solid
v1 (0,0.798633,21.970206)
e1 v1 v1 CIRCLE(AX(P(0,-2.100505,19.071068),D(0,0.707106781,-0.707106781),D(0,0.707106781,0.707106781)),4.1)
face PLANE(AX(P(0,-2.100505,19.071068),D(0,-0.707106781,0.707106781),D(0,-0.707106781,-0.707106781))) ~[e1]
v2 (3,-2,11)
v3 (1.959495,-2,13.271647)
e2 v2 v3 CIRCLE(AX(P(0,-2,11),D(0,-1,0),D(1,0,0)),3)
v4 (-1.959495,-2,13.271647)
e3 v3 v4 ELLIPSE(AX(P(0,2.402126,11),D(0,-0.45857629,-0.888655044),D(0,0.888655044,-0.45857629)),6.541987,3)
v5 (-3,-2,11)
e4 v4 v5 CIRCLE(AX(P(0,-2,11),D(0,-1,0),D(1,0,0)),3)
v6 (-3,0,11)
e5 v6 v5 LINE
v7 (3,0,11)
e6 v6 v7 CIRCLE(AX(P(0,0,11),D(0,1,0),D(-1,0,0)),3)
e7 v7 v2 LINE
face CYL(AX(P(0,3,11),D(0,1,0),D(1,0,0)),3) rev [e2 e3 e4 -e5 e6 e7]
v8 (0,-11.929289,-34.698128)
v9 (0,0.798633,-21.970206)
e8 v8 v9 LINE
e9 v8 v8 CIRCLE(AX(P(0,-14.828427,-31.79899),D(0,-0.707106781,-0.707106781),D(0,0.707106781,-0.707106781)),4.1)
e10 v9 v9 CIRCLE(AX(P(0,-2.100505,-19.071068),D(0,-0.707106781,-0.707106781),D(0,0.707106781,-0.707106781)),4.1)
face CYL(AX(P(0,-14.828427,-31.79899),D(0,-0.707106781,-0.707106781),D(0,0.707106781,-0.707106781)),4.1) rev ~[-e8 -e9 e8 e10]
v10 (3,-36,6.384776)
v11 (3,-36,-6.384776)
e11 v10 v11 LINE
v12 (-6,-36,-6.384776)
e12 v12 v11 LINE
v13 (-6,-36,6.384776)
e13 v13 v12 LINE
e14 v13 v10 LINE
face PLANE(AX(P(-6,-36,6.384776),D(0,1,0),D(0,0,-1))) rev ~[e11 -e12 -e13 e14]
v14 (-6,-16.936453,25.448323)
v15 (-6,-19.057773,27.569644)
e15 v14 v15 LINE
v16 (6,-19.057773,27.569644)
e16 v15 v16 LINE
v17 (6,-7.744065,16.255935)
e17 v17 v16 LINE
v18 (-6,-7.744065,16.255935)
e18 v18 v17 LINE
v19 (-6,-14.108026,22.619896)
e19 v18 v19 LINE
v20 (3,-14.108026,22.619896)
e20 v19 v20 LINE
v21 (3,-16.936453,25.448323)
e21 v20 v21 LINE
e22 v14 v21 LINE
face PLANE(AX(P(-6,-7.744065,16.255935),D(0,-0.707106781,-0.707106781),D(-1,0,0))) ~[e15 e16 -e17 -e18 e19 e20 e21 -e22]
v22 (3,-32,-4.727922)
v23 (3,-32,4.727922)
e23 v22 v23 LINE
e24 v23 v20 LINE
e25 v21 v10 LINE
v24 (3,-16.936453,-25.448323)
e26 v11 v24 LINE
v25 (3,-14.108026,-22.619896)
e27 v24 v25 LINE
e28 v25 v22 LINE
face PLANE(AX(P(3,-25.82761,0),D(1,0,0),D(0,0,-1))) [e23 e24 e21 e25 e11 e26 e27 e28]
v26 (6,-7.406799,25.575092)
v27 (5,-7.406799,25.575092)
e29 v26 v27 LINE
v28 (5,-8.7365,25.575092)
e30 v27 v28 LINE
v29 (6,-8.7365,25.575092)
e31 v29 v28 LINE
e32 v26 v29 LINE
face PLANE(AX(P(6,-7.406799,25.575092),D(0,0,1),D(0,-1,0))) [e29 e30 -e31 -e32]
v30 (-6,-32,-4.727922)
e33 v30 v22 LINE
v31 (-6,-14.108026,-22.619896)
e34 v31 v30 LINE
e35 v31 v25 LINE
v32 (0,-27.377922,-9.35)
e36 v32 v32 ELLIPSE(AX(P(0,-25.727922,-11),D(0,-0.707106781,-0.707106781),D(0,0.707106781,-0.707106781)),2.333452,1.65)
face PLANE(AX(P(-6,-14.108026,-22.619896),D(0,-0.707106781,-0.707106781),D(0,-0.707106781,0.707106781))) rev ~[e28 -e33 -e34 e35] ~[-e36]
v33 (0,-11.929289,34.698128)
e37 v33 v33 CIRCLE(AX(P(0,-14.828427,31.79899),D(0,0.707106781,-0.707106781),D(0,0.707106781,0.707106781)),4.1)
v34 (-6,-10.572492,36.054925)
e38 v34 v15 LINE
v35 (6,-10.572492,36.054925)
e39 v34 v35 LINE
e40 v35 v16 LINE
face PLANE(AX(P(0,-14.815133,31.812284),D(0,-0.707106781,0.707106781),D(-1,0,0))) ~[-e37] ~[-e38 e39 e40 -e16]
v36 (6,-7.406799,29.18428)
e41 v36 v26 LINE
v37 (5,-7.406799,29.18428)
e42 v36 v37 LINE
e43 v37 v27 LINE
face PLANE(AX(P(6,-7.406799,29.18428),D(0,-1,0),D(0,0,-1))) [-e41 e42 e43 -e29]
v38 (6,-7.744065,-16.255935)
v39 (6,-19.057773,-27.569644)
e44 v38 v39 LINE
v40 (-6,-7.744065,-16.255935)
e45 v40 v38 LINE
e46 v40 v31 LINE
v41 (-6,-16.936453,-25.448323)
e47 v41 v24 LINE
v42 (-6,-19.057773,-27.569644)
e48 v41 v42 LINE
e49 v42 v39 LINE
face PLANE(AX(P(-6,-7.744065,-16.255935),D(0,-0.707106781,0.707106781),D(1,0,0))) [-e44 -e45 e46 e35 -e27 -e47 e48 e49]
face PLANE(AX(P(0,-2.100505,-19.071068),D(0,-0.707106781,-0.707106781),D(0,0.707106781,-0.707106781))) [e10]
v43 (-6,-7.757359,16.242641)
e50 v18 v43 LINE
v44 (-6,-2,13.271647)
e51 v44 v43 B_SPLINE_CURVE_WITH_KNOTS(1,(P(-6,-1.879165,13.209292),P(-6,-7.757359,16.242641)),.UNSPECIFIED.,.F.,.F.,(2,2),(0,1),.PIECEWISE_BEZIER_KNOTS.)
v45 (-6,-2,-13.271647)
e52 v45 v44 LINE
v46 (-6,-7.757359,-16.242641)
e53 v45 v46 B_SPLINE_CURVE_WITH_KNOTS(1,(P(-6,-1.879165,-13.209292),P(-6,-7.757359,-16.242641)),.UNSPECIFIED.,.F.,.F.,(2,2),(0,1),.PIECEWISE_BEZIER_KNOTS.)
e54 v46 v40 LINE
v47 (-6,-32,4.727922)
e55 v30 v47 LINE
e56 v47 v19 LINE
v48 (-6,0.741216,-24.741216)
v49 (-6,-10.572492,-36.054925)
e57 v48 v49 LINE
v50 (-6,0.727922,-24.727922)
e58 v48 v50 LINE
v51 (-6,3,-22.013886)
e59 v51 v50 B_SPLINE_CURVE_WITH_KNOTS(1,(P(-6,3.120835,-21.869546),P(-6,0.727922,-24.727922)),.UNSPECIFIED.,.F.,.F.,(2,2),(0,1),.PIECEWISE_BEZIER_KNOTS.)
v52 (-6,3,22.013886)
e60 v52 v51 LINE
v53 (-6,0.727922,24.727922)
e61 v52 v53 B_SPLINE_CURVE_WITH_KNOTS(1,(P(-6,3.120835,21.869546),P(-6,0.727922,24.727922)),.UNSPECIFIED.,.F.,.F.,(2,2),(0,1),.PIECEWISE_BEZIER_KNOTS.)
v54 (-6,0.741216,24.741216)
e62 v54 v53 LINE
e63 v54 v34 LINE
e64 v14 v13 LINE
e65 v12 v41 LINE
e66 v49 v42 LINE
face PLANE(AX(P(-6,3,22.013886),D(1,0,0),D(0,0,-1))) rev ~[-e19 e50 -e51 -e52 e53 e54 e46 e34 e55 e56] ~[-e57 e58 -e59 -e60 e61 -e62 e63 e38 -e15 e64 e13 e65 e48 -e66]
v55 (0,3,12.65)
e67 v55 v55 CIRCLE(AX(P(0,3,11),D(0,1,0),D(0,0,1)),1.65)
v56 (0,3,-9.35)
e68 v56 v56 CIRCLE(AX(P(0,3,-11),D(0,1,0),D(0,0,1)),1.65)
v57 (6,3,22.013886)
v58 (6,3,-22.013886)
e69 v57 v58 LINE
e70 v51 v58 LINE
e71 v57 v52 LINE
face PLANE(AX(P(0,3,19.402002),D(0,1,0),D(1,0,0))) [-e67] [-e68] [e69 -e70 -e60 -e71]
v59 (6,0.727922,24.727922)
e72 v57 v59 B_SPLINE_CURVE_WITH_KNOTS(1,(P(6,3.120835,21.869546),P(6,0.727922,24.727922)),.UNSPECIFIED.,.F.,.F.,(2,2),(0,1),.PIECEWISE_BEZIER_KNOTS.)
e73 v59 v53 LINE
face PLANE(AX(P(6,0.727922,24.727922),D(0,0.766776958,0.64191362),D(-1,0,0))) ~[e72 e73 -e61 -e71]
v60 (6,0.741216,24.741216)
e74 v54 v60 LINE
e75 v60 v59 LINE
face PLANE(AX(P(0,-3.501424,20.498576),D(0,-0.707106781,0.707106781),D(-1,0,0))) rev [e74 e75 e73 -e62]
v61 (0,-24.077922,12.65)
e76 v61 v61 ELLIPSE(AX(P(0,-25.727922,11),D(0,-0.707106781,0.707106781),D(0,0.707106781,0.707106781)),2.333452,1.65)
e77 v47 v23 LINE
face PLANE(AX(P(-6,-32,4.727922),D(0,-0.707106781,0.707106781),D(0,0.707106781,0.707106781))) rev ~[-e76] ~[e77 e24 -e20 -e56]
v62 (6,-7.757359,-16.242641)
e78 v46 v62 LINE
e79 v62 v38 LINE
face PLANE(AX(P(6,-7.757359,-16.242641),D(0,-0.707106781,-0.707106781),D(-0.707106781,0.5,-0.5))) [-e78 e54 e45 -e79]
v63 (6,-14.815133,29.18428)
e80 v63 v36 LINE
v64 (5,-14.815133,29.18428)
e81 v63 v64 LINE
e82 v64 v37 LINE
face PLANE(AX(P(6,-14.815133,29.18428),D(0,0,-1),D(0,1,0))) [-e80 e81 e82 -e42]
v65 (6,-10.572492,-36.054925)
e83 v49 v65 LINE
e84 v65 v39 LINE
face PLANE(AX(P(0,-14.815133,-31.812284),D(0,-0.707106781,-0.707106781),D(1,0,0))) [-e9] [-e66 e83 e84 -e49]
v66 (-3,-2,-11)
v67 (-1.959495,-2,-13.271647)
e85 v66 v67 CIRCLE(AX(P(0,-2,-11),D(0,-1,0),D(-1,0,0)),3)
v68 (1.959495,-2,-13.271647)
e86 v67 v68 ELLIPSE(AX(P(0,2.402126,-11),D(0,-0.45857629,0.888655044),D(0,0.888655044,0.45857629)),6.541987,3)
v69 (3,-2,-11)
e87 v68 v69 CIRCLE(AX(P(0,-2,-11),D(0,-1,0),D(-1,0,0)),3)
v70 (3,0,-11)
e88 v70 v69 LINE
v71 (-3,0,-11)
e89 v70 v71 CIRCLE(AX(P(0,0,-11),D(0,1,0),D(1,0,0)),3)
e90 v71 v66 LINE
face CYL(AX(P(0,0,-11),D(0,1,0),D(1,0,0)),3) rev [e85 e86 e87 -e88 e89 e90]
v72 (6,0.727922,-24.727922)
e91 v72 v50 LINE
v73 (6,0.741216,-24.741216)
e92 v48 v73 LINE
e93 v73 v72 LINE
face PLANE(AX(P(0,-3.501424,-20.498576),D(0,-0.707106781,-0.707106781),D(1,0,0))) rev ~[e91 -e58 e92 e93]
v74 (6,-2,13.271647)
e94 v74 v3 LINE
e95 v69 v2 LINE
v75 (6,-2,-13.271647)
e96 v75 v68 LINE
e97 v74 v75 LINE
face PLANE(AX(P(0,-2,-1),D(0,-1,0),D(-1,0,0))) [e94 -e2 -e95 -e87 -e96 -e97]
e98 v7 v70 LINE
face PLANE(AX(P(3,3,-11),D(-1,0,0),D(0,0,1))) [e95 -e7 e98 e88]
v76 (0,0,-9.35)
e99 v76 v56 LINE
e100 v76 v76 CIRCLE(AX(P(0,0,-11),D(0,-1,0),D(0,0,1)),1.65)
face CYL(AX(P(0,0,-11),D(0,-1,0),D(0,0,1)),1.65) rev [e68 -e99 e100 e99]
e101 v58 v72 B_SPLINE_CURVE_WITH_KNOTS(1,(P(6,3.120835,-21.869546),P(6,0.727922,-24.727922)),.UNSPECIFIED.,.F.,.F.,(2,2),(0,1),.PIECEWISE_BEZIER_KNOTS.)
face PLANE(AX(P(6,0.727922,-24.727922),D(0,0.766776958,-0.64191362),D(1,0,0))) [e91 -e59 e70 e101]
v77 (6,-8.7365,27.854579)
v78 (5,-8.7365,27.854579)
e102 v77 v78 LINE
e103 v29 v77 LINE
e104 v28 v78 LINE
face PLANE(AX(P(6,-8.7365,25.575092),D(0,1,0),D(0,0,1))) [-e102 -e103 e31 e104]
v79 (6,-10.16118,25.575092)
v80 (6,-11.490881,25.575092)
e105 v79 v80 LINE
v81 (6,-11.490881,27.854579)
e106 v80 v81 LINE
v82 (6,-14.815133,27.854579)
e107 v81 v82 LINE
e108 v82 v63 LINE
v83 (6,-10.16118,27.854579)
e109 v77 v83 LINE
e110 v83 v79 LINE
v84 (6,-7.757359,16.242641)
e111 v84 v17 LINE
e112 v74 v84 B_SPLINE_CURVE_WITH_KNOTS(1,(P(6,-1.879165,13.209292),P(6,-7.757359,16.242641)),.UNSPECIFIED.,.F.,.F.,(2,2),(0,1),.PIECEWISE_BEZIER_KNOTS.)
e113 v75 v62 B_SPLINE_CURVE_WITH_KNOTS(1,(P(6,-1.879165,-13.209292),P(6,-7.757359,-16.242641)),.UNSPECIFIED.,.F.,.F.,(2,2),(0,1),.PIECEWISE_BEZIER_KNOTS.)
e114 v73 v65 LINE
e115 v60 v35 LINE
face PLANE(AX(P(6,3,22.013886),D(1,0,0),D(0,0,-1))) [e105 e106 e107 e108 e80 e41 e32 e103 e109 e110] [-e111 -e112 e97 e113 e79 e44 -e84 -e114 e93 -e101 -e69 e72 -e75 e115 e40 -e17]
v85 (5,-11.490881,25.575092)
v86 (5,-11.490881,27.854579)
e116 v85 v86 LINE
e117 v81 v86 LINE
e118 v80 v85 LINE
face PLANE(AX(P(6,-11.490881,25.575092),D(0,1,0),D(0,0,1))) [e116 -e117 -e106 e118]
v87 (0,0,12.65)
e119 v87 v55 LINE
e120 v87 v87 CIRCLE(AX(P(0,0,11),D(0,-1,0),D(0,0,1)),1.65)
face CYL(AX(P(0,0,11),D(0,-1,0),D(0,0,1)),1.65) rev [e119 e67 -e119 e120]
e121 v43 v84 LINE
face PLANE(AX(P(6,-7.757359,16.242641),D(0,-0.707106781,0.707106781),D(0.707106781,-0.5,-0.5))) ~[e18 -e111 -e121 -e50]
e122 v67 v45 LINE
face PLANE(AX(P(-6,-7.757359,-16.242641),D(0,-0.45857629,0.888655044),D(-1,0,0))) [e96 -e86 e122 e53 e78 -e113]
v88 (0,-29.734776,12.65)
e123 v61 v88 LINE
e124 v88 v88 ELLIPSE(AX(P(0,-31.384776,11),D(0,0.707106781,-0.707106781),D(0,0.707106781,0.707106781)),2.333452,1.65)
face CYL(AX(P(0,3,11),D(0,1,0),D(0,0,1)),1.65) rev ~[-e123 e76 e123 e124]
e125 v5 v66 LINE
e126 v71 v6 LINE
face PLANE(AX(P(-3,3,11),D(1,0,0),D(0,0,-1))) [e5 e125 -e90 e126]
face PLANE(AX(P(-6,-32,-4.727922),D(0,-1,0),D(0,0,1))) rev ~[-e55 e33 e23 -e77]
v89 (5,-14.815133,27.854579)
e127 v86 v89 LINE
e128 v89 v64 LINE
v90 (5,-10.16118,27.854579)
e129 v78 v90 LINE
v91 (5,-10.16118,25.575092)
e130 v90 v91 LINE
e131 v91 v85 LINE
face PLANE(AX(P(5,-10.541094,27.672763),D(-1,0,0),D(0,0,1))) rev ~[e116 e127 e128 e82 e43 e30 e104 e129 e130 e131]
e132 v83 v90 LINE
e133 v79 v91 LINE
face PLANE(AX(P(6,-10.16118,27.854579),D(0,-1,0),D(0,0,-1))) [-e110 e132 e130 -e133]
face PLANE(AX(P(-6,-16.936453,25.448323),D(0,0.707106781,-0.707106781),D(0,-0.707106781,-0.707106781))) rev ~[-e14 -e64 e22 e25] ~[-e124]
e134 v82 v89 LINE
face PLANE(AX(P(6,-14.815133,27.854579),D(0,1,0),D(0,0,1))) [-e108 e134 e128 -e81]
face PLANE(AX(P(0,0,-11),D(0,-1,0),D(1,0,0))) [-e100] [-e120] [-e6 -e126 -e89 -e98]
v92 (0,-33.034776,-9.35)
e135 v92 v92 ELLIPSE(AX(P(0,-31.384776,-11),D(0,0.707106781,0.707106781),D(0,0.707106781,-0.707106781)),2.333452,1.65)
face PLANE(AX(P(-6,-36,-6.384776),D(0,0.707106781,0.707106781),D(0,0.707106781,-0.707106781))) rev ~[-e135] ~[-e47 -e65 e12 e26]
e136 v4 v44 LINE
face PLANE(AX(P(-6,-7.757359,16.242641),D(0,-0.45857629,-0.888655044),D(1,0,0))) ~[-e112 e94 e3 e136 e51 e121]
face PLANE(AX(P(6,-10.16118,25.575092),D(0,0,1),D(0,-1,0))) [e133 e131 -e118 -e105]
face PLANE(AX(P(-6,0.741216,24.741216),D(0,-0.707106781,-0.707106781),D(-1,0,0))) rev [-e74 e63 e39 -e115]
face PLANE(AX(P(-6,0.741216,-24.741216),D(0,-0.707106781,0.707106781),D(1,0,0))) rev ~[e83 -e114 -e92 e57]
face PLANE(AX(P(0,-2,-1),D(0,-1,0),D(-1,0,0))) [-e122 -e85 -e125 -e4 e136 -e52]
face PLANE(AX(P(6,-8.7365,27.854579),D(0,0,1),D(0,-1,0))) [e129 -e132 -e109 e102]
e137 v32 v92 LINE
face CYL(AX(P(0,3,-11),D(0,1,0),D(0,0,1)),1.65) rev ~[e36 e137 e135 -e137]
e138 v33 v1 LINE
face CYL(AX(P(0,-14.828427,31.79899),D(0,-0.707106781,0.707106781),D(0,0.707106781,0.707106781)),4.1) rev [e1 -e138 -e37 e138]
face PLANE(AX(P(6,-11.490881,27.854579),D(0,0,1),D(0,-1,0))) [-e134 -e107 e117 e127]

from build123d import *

# Parameters (mm, degrees)
SZKIC2_R                         = 1.65
DODANIE_WYCI_GNI_CIE1_DEPTH      = 3
DODANIE_WYCI_GNI_CIE2_DEPTH      = 5
DODANIE_WYCI_GNI_CIE3_REACH      = 30.62
DODANIE_WYCI_GNI_CIE3_START      = -1
SZKIC7_R                         = 5
SZKIC9_W                         = 12
SZKIC9_H                         = 12
DODANIE_WYCI_GNI_CIE4_DEPTH      = 16
SZKIC10_R                        = 4.1
WYTNIJ_WYCI_GNI_CIE1_DEPTH       = 18
SZKIC12_R                        = 37.17284924
WYTNIJ_WYCI_GNI_CIE2_DEPTH       = 43.690783477
SZKIC13_R                        = 3
WYTNIJ_WYCI_GNI_CIE3_DEPTH       = 42.220824259
SZKIC14_R                        = 1.65
WYTNIJ_WYCI_GNI_CIE4_DEPTH       = 42.220824259
DODANIE_WYCI_GNI_CIE5_DEPTH      = 3
DODANIE_WYCI_GNI_CIE5_DEPTH_BACK = 6
DODANIE_WYCI_GNI_CIE6_REACH      = 55.451
SZKIC16_W                        = 12
SZKIC16_H                        = 5.223766812
SZKIC17_R                        = 1.65
WYTNIJ_WYCI_GNI_CIE5_DEPTH       = 54.450515696
WYTNIJ_WYCI_GNI_CIE6_DEPTH       = 1


with BuildPart() as part:
    # Szkic2 → Dodanie-wyciągnięcie1 (new body)
    with BuildSketch(Plane(origin=(0, 0, 0), x_dir=(1, 0, 0), z_dir=(0, 1, 0))):
        with BuildLine():
            Line((4, 11), (4, -11))
            ThreePointArc((4, -11), (0, -15), (-4, -11))
            Line((-4, -11), (-4, 11))
            ThreePointArc((-4, 11), (0, 15), (4, 11))
        make_face()
        with Locations(Location((0, -11, 0), (0, 0, 270))):
            Circle(SZKIC2_R, mode=Mode.SUBTRACT)
        with Locations(Location((0, 11, 0), (0, 0, 270))):
            Circle(SZKIC2_R, mode=Mode.SUBTRACT)
    extrude(amount=DODANIE_WYCI_GNI_CIE1_DEPTH)

    # Szkic3 → Dodanie-wyciągnięcie2 (add)
    with BuildSketch(Plane(origin=(0, 3, 0), x_dir=(1, 0, 0), z_dir=(0, 1, 0))):
        Polygon((6, 16), (6, -14), (6, -20), (-6, -20), (-6, -14), (-6, 16), (-6, 22), (6, 22), align=None)
        with BuildLine():
            Line((3, 11), (3, -11))
            ThreePointArc((3, -11), (0, -14), (-3, -11))
            Line((-3, -11), (-3, 11))
            ThreePointArc((-3, 11), (0, 14), (3, 11))
        make_face(mode=Mode.SUBTRACT)
    extrude(amount=-DODANIE_WYCI_GNI_CIE2_DEPTH)

    # Dodanie-wyciągnięcie3: up to this face of the body (flat: up to its plane)
    dodanie_wyci_gni_cie3_end = Plane(part.part.faces().sort_by_distance((0, 0, 0))[0])
    # Szkic7 → Dodanie-wyciągnięcie3 (add, up to the picked face)
    with BuildSketch(Plane(origin=(0, -7.995190528, -4.616025404), x_dir=(1, 0, 0), z_dir=(0, -0.866025403784438, -0.500000000000001)).offset(DODANIE_WYCI_GNI_CIE3_START), mode=Mode.PRIVATE) as dodanie_wyci_gni_cie3_sk1:
        with Locations((0, -15.5)):
            Circle(SZKIC7_R)
    dodanie_wyci_gni_cie3_tool1 = split(extrude(dodanie_wyci_gni_cie3_sk1.sketch, amount=-DODANIE_WYCI_GNI_CIE3_REACH, mode=Mode.PRIVATE), bisect_by=dodanie_wyci_gni_cie3_end, keep=Keep.BOTH, mode=Mode.PRIVATE)
    dodanie_wyci_gni_cie3 = dodanie_wyci_gni_cie3_tool1.solids().sort_by(Axis((0, 0.620835, -17.539419), (0, 0.866025403784438, 0.500000000000001)))[0]
    add(dodanie_wyci_gni_cie3)

    # Szkic8 → Wyciągnięcie po profilach1 section 0
    with BuildSketch(Plane(origin=(0, -7.129165125, -4.116025404), x_dir=(-1, 0, 0), z_dir=(0, 0.8660254037844382, 0.5000000000000011))):
        with BuildLine():
            Line((-6, -20.5), (-6, -10.5))
            Line((-6, -10.5), (6, -10.5))
            Line((6, -10.5), (6, -20.5))
            Line((6, -20.5), (-6, -20.5))
        make_face()
    # Szkic5 → Wyciągnięcie po profilach1 section 1
    with BuildSketch(Plane(origin=(0, -12, -12), x_dir=(1, 0, 0), z_dir=(0, 0.7071067811865464, 0.7071067811865488))):
        with BuildLine():
            Line((-6, 18), (-6, 6))
            Line((-6, 6), (6, 6))
            Line((6, 6), (6, 18))
            Line((6, 18), (-6, 18))
        make_face()
    wyci_gni_cie_po_profilach1 = loft()

    # Szkic9 → Dodanie-wyciągnięcie4 (add)
    with BuildSketch(Plane(origin=(0, -12, -12), x_dir=(1, 0, 0), z_dir=(0, -0.7071067811865465, -0.7071067811865487))):
        with Locations((0, -12.018801083)):
            Rectangle(SZKIC9_W, SZKIC9_H)
    dodanie_wyci_gni_cie4 = extrude(amount=DODANIE_WYCI_GNI_CIE4_DEPTH)

    # Szkic10 → Wytnij-wyciągnięcie1 (cut)
    with BuildSketch(Plane(origin=(0, -23.313708499, -23.313708499), x_dir=(1, 0, 0), z_dir=(0, -0.7071067811865465, -0.7071067811865486))):
        with Locations(Location((0, -12, 0), (0, 0, 270))):
            Circle(SZKIC10_R)
    wytnij_wyci_gni_cie1 = extrude(amount=-WYTNIJ_WYCI_GNI_CIE1_DEPTH, mode=Mode.SUBTRACT)

    # Szkic12 → Wytnij-wyciągnięcie2 (cut, through all)
    with BuildSketch(Plane(origin=(0, 3, 0), x_dir=(1, 0, 0), z_dir=(0, 1, 0))):
        Circle(SZKIC12_R)
    wytnij_wyci_gni_cie2 = extrude(amount=WYTNIJ_WYCI_GNI_CIE2_DEPTH, mode=Mode.SUBTRACT)

    # Szkic13 → Wytnij-wyciągnięcie3 (cut, through all)
    with BuildSketch(Plane.XZ):
        with Locations((0, -11)):
            Circle(SZKIC13_R)
    wytnij_wyci_gni_cie3 = extrude(amount=WYTNIJ_WYCI_GNI_CIE3_DEPTH, mode=Mode.SUBTRACT)

    # Lustro1: Dodanie-wyciągnięcie3, Wyciągnięcie po profilach1, Dodanie-wyciągnięcie4, Wytnij-wyciągnięcie1, Wytnij-wyciągnięcie2, Wytnij-wyciągnięcie3 across plane
    add(dodanie_wyci_gni_cie3.mirror(Plane.XY))
    add(wyci_gni_cie_po_profilach1.mirror(Plane.XY))
    add(dodanie_wyci_gni_cie4.mirror(Plane.XY))
    add(wytnij_wyci_gni_cie1.mirror(Plane.XY), mode=Mode.SUBTRACT)
    add(wytnij_wyci_gni_cie2.mirror(Plane.XY), mode=Mode.SUBTRACT)
    add(wytnij_wyci_gni_cie3.mirror(Plane.XY), mode=Mode.SUBTRACT)

    # Szkic14 → Wytnij-wyciągnięcie4 (cut, through all)
    with BuildSketch(Plane.XZ):
        with Locations(Location((0, 11, 0), (0, 0, 90))):
            Circle(SZKIC14_R)
    extrude(amount=-WYTNIJ_WYCI_GNI_CIE4_DEPTH, mode=Mode.SUBTRACT)

    # Szkic15 → Dodanie-wyciągnięcie5 (add, two sides: drawn at the far end of the back side and taken through both)
    with BuildSketch(Plane(origin=(0, 0, 0), x_dir=(0, 0, -1), z_dir=(1, 0, 0)).offset(-DODANIE_WYCI_GNI_CIE5_DEPTH_BACK)):
        Polygon((-25.448323216, -16.936453095), (-6.384776311, -36), (6.384776311, -36), (25.448323216, -16.936453095), (22.619896091, -14.10802597), (4.727922061, -32), (-4.727922061, -32), (-22.619896091, -14.10802597), align=None)
    extrude(amount=DODANIE_WYCI_GNI_CIE5_DEPTH + DODANIE_WYCI_GNI_CIE5_DEPTH_BACK)

    # Szkic16 → Dodanie-wyciągnięcie6 (add, up to next)
    with BuildSketch(Plane(origin=(0, 3, 0), x_dir=(1, 0, 0), z_dir=(0, 1, 0)), mode=Mode.PRIVATE) as dodanie_wyci_gni_cie6_sk1:
        with Locations((0, -19.402002131)):
            Rectangle(SZKIC16_W, SZKIC16_H)
    dodanie_wyci_gni_cie6_tool1 = extrude(dodanie_wyci_gni_cie6_sk1.sketch, amount=-DODANIE_WYCI_GNI_CIE6_REACH, mode=Mode.PRIVATE) - part.part
    add(dodanie_wyci_gni_cie6_tool1.solids().sort_by_distance((0, 3, 19.402002))[0])

    # Szkic17 → Wytnij-wyciągnięcie5 (cut, through all)
    with BuildSketch(Plane(origin=(0, 3, 0), x_dir=(1, 0, 0), z_dir=(0, 1, 0))):
        with Locations(Location((0, 11, 0), (0, 0, 270))):
            Circle(SZKIC17_R)
        with Locations(Location((0, -11, 0), (0, 0, 270))):
            Circle(SZKIC17_R)
    extrude(amount=-WYTNIJ_WYCI_GNI_CIE5_DEPTH, mode=Mode.SUBTRACT)

    # Szkic18 → Wytnij-wyciągnięcie6 (cut)
    with BuildSketch(Plane.ZY.offset(-6)):
        Polygon((29.184280312, -7.406799418), (25.575092277, -7.406799418), (25.575092277, -8.736500273), (27.854579457, -8.736500273), (27.854579457, -10.16117976), (25.575092277, -10.16117976), (25.575092277, -11.490880615), (27.854579457, -11.490880615), (27.854579457, -14.815132751), (29.184280312, -14.815132751), align=None)
    extrude(amount=WYTNIJ_WYCI_GNI_CIE6_DEPTH, mode=Mode.SUBTRACT)


solid = part.part
